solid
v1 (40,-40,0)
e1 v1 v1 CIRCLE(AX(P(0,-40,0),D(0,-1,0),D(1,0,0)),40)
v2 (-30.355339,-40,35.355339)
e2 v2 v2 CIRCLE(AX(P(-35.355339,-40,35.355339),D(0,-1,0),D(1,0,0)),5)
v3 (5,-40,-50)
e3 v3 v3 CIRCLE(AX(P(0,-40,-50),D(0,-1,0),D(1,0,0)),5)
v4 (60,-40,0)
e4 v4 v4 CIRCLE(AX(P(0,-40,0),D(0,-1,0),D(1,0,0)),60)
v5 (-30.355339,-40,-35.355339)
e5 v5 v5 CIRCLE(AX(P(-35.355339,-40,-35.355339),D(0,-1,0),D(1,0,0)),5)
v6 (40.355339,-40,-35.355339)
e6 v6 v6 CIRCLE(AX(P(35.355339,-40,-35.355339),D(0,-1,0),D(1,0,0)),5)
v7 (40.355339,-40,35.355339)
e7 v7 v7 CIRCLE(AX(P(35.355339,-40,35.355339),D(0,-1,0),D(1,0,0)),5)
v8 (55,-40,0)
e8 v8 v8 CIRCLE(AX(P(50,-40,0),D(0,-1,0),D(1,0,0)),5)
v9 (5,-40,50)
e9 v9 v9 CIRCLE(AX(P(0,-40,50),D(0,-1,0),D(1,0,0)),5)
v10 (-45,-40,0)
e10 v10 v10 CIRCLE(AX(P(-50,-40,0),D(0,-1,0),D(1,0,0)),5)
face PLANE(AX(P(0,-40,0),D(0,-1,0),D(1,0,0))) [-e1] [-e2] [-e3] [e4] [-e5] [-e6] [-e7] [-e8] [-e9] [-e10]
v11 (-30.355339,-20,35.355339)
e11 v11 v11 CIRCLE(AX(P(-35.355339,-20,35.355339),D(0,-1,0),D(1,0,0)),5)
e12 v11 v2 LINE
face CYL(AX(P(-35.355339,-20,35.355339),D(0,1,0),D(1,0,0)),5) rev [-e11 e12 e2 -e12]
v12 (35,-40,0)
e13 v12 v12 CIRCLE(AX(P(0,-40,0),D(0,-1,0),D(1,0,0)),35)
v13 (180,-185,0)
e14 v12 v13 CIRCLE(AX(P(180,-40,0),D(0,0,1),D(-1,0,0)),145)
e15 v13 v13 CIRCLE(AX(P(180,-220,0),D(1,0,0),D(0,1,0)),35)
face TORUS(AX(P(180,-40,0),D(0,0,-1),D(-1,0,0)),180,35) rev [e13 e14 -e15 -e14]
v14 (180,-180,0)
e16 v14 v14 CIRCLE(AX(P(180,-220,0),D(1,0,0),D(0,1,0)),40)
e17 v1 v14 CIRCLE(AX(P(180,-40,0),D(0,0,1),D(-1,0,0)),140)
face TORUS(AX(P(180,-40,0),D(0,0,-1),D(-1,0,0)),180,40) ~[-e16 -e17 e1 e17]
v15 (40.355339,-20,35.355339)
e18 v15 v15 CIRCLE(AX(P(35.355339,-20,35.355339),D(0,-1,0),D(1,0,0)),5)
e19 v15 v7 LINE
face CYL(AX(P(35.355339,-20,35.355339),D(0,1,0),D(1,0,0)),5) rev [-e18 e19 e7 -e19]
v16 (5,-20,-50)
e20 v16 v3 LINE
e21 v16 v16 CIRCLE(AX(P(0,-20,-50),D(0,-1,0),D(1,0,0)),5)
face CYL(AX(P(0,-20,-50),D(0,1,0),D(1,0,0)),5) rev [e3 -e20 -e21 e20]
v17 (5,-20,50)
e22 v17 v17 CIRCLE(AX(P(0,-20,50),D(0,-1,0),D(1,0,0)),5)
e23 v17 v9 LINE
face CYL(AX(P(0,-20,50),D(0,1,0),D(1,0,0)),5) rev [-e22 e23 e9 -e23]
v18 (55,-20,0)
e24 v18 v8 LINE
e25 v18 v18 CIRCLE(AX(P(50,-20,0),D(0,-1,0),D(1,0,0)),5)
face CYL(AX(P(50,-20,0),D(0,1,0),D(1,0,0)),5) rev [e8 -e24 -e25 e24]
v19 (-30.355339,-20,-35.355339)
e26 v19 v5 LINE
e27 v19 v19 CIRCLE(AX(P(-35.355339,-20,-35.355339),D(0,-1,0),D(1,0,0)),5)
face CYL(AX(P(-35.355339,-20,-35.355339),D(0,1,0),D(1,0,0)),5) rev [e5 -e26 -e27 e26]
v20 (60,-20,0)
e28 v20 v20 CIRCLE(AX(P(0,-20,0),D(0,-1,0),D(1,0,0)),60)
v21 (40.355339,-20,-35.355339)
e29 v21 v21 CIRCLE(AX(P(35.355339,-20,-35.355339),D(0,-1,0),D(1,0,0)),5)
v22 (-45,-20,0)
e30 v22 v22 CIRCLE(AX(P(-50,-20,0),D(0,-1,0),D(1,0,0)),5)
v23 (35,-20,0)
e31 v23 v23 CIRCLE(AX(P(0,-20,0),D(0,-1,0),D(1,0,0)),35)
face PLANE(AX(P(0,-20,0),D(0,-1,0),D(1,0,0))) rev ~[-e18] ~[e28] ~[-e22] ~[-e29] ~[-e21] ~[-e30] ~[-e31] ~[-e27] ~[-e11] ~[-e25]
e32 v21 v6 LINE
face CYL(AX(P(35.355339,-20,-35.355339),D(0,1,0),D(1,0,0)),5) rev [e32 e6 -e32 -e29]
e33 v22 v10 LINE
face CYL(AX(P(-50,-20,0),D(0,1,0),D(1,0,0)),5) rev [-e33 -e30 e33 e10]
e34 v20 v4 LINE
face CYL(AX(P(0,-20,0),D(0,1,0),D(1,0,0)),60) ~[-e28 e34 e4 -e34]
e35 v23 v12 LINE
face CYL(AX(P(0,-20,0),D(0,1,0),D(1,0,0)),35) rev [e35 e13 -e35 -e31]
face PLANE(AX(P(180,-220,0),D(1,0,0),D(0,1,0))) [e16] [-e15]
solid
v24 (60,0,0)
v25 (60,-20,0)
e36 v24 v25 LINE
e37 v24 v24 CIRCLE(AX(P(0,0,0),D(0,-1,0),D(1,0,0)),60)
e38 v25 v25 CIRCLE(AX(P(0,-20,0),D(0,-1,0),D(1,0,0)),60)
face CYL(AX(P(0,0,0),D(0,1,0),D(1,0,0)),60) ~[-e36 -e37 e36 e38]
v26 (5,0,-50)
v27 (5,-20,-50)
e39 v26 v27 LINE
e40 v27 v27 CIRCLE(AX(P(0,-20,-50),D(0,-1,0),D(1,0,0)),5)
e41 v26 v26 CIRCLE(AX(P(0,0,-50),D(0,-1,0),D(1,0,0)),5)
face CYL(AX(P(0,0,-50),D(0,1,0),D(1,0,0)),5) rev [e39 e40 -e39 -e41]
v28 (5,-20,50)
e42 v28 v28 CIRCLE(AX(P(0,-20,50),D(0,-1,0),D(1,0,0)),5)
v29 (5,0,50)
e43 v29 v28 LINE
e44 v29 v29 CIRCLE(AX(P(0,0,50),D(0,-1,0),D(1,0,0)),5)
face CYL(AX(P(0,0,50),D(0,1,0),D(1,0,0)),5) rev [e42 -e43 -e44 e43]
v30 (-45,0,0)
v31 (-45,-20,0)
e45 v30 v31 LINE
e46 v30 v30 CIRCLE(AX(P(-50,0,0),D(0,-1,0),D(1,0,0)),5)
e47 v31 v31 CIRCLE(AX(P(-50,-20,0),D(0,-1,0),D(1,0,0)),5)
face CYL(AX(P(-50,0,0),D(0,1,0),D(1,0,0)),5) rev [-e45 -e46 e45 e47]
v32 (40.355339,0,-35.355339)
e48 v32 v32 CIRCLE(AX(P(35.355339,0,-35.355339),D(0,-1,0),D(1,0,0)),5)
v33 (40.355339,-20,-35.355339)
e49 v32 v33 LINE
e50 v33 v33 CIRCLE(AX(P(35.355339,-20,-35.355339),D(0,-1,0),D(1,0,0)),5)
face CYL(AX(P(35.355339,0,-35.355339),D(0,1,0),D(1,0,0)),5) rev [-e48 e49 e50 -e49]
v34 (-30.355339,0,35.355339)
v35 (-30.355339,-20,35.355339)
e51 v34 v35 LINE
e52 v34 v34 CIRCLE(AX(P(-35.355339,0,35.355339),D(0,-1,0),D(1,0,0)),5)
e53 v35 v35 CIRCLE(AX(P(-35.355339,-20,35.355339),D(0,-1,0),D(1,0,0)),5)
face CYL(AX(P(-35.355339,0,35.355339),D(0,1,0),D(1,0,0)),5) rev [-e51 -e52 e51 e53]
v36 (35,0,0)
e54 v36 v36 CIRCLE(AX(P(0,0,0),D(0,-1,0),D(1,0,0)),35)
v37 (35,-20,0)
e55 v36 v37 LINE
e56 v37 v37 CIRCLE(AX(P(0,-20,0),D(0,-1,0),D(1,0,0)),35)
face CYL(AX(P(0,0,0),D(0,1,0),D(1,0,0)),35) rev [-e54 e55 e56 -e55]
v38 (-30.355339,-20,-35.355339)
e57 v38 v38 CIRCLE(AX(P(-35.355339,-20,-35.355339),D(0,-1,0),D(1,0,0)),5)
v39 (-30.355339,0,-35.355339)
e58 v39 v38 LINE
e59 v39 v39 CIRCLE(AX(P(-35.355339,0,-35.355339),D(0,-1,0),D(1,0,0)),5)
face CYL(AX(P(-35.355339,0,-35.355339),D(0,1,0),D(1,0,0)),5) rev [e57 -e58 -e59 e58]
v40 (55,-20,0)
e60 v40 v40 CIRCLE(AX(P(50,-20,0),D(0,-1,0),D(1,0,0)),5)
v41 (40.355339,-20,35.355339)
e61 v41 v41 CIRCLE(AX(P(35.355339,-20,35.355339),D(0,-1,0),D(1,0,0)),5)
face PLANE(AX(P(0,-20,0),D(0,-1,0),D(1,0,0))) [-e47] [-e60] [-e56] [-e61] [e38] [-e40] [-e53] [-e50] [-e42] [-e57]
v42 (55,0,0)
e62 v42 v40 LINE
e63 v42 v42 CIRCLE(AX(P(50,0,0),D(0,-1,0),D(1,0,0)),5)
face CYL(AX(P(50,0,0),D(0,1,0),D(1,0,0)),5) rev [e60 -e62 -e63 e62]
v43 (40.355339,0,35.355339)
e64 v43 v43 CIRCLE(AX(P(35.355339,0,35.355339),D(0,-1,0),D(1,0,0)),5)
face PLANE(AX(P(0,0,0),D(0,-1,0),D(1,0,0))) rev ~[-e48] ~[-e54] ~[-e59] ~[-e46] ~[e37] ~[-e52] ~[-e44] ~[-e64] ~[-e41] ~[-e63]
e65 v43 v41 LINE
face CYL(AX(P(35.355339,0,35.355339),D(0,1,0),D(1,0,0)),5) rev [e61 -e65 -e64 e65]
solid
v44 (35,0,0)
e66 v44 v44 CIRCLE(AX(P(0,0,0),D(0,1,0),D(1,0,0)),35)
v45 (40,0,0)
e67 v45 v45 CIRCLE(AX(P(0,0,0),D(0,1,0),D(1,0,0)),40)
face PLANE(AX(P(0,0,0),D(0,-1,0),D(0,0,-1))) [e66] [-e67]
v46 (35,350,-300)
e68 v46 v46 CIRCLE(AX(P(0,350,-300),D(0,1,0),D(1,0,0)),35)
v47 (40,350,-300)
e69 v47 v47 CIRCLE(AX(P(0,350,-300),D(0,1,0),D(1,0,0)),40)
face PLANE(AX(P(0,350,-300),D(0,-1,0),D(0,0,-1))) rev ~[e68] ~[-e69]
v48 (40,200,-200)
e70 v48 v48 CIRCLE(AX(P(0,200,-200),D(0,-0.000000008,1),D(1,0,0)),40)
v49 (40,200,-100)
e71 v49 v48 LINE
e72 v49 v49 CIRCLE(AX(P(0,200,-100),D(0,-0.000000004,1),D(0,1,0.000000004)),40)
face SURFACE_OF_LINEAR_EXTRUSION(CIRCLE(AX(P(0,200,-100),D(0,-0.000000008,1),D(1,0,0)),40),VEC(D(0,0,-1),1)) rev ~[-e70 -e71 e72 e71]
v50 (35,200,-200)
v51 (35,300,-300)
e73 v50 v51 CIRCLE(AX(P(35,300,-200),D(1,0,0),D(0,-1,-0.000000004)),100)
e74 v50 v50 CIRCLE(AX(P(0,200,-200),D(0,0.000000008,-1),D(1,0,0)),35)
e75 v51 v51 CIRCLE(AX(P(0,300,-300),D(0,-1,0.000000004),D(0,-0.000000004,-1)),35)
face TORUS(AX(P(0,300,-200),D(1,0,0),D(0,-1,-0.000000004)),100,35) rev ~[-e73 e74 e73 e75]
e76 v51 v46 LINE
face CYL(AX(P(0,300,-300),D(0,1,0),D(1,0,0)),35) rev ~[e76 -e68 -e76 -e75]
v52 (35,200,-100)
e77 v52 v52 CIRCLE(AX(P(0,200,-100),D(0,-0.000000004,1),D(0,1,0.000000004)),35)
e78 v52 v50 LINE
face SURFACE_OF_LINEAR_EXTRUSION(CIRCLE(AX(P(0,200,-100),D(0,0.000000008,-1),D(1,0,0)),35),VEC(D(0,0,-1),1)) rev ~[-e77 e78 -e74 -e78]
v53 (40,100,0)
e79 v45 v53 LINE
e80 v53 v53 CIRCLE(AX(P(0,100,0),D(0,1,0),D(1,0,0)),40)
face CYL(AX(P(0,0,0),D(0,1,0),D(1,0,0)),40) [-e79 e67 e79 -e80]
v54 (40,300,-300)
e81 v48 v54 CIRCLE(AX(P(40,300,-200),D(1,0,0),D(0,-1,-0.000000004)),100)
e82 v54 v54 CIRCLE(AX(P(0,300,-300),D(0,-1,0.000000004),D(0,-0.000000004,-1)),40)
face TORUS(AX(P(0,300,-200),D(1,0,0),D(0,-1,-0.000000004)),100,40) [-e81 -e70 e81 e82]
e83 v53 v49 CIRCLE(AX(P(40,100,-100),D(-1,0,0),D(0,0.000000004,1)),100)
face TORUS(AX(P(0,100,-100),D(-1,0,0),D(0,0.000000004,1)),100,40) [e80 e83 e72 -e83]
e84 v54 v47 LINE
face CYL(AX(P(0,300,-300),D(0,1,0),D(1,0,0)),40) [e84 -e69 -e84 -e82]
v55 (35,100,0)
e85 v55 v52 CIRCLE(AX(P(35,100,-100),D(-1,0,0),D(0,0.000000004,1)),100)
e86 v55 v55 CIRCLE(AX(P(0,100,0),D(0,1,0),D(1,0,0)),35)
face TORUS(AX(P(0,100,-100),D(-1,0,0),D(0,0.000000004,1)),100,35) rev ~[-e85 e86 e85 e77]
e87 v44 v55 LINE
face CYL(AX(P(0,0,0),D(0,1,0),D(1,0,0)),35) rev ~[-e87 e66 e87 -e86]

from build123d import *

# Parameters (mm, degrees)
F0_R        = 60
F0_R_2      = 5
F0_R_3      = 35
F1_DEPTH    = 20
F2_R        = 40
F2_R_2      = 35
F1_FACE_R   = 60
F1_FACE_R_2 = 5
F1_FACE_R_3 = 35
F5_DEPTH    = 20
F6_R        = 40
F6_R_2      = 35
F7_ANGLE    = -90


with BuildPart() as f1:
    # F0 (on Front) → F1 (new body)
    with BuildSketch(Plane.XZ):
        Circle(F0_R)
        with Locations((-35.355339, -35.355339)):
            Circle(F0_R_2, mode=Mode.SUBTRACT)
        with Locations((0, -50)):
            Circle(F0_R_2, mode=Mode.SUBTRACT)
        with Locations((35.355339, -35.355339)):
            Circle(F0_R_2, mode=Mode.SUBTRACT)
        with Locations((-50, 0)):
            Circle(F0_R_2, mode=Mode.SUBTRACT)
        with Locations((-35.355339, 35.355339)):
            Circle(F0_R_2, mode=Mode.SUBTRACT)
        Circle(F0_R_3, mode=Mode.SUBTRACT)
        with Locations((50, 0)):
            Circle(F0_R_2, mode=Mode.SUBTRACT)
        with Locations((0, 50)):
            Circle(F0_R_2, mode=Mode.SUBTRACT)
        with Locations((35.355339, 35.355339)):
            Circle(F0_R_2, mode=Mode.SUBTRACT)
    extrude(amount=F1_DEPTH)


with BuildPart() as f4:
    # F4: sweep along a path in F3
    with BuildLine(Plane.YZ) as f4_path:
        Line((0, 0), (100, 0))
        ThreePointArc((100, 0), (170.710678, -29.289322), (200, -100))
        Line((200, -100), (200, -200))
        ThreePointArc((200, -200), (229.289322, -270.710678), (300, -300))
        Line((300, -300), (350, -300))
    # F2 (on Front) → F4 (sweep)
    with BuildSketch(Plane.XZ):
        Circle(F2_R)
        Circle(F2_R_2, mode=Mode.SUBTRACT)
    sweep(path=f4_path.line)


with BuildPart() as f5:
    # F1_face (on face) → F5 (new body)
    with BuildSketch(Plane.XZ.offset(20)):
        Circle(F1_FACE_R)
        with Locations((-35.355339, -35.355339)):
            Circle(F1_FACE_R_2, mode=Mode.SUBTRACT)
        with Locations((0, -50)):
            Circle(F1_FACE_R_2, mode=Mode.SUBTRACT)
        with Locations((35.355339, -35.355339)):
            Circle(F1_FACE_R_2, mode=Mode.SUBTRACT)
        with Locations((-50, 0)):
            Circle(F1_FACE_R_2, mode=Mode.SUBTRACT)
        with Locations((-35.355339, 35.355339)):
            Circle(F1_FACE_R_2, mode=Mode.SUBTRACT)
        Circle(F1_FACE_R_3, mode=Mode.SUBTRACT)
        with Locations((50, 0)):
            Circle(F1_FACE_R_2, mode=Mode.SUBTRACT)
        with Locations((0, 50)):
            Circle(F1_FACE_R_2, mode=Mode.SUBTRACT)
        with Locations((35.355339, 35.355339)):
            Circle(F1_FACE_R_2, mode=Mode.SUBTRACT)
    extrude(amount=F5_DEPTH)

    # F6 (on face) → F7 (revolve)
    with BuildSketch(Plane.XZ.offset(40)):
        Circle(F6_R)
        Circle(F6_R_2, mode=Mode.SUBTRACT)
    revolve(axis=Axis((180, -40, 1.075119), (0, 0, -1)), revolution_arc=F7_ANGLE)


solid = Compound([f1.part, f4.part, f5.part])
